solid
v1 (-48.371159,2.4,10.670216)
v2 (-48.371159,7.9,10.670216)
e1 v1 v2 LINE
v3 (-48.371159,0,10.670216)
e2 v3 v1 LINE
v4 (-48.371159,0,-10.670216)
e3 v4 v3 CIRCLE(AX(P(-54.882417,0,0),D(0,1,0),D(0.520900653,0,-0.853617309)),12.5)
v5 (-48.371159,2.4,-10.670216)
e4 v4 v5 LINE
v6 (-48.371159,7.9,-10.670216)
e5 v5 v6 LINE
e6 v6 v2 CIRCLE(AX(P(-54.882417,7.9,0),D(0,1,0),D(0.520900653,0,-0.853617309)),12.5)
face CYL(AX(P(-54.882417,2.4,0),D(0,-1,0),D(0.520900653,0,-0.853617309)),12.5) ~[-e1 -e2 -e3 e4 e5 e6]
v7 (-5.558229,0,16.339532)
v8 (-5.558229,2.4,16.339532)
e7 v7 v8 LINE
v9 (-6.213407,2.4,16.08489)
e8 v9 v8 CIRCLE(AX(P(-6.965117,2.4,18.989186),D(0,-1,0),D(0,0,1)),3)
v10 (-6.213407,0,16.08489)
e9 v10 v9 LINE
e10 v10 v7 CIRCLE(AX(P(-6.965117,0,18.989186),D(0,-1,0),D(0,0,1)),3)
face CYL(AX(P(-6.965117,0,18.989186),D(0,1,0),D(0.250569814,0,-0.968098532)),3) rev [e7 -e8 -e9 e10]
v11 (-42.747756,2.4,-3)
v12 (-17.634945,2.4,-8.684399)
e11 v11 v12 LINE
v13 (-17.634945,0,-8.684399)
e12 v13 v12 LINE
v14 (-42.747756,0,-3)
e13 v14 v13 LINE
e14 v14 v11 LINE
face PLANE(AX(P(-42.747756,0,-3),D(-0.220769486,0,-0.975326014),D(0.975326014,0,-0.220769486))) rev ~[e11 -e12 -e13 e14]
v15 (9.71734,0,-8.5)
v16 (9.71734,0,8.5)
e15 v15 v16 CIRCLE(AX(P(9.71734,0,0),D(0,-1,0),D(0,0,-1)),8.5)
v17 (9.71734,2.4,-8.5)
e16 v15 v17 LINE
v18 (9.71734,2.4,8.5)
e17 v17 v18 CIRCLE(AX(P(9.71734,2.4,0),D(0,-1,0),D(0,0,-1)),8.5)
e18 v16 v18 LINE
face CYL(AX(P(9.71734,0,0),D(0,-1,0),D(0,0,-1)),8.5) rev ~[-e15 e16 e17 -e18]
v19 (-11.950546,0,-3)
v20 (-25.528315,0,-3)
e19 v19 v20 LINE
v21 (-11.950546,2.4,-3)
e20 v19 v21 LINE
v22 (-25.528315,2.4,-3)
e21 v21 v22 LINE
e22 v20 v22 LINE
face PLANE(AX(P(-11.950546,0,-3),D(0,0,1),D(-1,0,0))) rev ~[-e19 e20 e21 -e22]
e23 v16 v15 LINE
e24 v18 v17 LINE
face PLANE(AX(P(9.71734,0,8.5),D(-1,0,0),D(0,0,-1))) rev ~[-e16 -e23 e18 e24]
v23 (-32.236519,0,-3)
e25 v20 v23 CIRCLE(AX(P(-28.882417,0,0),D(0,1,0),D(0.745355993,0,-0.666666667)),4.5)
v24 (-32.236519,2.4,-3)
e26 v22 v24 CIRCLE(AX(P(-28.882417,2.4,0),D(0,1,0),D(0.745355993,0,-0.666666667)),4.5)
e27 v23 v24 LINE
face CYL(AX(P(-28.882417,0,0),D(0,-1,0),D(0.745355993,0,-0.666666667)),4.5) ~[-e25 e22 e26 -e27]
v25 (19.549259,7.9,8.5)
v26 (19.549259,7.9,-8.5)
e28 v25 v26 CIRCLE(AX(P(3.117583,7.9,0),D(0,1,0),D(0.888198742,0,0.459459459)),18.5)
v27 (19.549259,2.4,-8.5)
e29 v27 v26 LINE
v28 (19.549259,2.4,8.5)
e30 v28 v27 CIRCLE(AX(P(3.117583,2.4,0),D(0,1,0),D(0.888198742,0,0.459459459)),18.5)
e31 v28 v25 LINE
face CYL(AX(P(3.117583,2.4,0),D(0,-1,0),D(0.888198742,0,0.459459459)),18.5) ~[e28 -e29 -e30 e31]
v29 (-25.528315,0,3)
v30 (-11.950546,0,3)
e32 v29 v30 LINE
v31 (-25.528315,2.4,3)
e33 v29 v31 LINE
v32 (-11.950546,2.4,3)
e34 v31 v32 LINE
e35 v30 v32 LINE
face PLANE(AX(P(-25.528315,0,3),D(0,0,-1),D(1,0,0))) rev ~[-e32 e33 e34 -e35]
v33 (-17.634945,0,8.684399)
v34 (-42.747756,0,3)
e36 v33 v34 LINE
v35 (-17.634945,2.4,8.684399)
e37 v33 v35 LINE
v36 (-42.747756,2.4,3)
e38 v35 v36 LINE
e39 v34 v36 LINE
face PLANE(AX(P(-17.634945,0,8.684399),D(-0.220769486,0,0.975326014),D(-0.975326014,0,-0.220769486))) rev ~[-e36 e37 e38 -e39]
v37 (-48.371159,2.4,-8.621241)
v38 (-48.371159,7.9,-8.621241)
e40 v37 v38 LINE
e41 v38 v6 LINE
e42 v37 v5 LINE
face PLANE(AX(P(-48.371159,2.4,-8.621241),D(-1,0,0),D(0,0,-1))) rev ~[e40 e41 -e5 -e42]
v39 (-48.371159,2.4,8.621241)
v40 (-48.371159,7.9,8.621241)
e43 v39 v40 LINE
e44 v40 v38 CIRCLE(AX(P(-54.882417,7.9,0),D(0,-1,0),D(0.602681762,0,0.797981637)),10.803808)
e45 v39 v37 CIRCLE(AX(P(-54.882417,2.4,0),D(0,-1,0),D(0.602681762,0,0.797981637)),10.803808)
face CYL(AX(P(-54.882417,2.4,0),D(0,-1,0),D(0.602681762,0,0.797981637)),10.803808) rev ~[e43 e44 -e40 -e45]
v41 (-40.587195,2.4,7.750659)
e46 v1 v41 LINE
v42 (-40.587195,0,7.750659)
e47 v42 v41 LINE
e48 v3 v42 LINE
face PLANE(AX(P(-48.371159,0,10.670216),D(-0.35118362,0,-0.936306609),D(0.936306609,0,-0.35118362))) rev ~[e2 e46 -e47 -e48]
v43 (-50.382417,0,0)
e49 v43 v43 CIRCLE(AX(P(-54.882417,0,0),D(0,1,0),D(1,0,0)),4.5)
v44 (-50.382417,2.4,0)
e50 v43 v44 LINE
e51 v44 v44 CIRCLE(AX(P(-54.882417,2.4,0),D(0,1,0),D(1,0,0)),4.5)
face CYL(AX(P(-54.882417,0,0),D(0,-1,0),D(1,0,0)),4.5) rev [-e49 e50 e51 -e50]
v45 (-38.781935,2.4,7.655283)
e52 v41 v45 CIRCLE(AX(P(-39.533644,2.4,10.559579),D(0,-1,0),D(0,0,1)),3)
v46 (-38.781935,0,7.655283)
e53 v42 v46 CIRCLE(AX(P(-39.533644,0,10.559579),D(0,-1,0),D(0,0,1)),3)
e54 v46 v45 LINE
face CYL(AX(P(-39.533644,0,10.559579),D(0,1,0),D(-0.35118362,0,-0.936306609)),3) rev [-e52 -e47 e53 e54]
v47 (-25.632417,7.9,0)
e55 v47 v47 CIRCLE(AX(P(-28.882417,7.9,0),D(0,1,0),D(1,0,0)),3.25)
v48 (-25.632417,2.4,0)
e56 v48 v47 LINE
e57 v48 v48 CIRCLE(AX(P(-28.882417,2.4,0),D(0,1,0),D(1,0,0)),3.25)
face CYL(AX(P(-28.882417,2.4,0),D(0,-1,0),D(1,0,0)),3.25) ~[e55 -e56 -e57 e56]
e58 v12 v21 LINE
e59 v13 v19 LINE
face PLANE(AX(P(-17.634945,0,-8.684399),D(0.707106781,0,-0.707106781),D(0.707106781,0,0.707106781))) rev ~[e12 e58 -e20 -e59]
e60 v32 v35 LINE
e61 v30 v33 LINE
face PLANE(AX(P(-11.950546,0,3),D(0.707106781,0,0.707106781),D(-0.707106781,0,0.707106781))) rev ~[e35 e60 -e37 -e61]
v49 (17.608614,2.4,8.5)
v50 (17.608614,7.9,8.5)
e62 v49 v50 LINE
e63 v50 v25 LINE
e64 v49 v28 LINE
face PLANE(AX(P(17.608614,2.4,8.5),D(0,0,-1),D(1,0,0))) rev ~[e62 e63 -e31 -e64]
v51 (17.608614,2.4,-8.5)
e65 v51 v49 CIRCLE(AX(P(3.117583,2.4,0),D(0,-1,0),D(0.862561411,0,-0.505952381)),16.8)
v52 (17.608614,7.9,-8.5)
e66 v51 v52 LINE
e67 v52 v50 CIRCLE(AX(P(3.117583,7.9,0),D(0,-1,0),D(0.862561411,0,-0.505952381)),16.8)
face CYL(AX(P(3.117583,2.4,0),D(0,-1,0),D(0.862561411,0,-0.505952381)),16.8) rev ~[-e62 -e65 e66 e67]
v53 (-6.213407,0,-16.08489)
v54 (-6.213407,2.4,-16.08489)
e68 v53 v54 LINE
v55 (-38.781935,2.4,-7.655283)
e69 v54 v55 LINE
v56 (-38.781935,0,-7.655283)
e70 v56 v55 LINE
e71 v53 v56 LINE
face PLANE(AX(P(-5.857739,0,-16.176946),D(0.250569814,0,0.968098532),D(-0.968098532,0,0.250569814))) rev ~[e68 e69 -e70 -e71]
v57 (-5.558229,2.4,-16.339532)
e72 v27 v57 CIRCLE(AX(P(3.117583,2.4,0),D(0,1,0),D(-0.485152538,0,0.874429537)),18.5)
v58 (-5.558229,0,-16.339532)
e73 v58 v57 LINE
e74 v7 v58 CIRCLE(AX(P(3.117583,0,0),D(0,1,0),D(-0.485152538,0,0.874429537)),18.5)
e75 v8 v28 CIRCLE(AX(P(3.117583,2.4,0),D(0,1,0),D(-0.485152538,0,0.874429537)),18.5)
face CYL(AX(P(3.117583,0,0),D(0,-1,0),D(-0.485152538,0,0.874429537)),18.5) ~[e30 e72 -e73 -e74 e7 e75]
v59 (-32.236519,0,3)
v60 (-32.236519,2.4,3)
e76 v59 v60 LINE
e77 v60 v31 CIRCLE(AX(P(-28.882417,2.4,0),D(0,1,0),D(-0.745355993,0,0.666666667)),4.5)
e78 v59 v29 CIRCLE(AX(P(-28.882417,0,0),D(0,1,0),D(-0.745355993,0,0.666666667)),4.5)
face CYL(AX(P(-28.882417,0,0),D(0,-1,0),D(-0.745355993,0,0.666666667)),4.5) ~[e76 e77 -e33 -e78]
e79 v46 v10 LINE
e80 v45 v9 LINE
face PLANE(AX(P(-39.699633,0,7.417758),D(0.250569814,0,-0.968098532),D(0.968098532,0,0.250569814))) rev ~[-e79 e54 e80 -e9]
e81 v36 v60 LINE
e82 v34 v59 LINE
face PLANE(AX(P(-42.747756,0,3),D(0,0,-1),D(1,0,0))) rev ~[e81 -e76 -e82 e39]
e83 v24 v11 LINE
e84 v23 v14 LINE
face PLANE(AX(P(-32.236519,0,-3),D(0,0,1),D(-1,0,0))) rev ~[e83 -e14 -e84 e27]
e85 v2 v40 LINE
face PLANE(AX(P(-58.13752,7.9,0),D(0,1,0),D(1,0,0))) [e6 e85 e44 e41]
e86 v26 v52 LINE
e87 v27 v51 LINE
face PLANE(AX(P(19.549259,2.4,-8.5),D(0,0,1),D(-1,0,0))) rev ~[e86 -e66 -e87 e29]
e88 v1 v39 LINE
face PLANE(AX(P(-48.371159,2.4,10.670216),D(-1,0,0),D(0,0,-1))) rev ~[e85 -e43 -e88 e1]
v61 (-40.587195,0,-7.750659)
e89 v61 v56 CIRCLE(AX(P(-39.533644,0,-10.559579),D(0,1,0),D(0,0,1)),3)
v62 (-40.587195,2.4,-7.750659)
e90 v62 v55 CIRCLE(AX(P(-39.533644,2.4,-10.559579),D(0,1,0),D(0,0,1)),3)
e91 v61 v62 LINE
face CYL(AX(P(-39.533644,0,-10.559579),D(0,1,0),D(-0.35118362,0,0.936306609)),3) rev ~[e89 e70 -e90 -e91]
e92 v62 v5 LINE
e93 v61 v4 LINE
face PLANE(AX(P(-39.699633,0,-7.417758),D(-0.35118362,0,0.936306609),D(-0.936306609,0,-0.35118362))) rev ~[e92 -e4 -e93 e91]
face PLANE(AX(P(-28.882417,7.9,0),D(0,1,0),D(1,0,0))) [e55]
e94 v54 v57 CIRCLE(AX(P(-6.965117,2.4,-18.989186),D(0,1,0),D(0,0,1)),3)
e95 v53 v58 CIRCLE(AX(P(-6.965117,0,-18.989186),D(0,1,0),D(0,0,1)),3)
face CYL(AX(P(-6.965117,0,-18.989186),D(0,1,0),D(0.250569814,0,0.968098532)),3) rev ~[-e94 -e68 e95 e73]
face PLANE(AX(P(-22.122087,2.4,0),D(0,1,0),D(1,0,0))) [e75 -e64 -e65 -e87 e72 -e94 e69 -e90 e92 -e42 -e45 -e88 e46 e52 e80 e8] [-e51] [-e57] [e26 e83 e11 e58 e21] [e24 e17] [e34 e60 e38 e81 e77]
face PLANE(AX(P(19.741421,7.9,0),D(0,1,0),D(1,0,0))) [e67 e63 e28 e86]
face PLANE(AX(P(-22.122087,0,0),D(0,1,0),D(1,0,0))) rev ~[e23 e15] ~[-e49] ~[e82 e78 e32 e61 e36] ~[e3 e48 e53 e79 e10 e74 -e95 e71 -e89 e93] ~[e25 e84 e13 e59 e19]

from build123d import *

# Parameters (mm, degrees)
SKETCH1_R           = 4.5
BOSS_EXTRUDE1_DEPTH = 2.4
FILLET1_R           = 3
SKETCH2_R           = 3.25
BOSS_EXTRUDE2_DEPTH = 5.5


with BuildPart() as part:
    # Sketch1 → Boss-Extrude1 (new body)
    with BuildSketch(Plane(origin=(0, 0, 0), x_dir=(1, 0, 0), z_dir=(0, 1, 0))):
        with BuildLine():
            ThreePointArc((-48.371159118, 10.670216357), (-67.382417284, 0), (-48.371159118, -10.670216357))
            Line((-48.371159118, -10.670216357), (-39.699633202, -7.41775842))
            Line((-39.699633202, -7.41775842), (-5.857739229, -16.176946436))
            ThreePointArc((-5.857739229, -16.176946436), (21.617582716, 0), (-5.857739229, 16.176946436))
            Line((-5.857739229, 16.176946436), (-39.699633202, 7.41775842))
            Line((-39.699633202, 7.41775842), (-48.371159118, 10.670216357))
        make_face()
        with BuildLine():
            Line((-11.950545902, 3), (-25.528315318, 3))
            ThreePointArc((-25.528315318, 3), (-28.882417284, 4.5), (-32.23651925, 3))
            Line((-32.23651925, 3), (-42.747756184, 3))
            Line((-42.747756184, 3), (-17.634945081, 8.68439918))
            Line((-17.634945081, 8.68439918), (-11.950545902, 3))
        make_face(mode=Mode.SUBTRACT)
        with BuildLine():
            Line((9.717339795, -8.5), (9.717339795, 8.5))
            ThreePointArc((9.717339795, 8.5), (18.217339795, 0), (9.717339795, -8.5))
        make_face(mode=Mode.SUBTRACT)
        with BuildLine():
            Line((-42.747756184, -3), (-32.23651925, -3))
            ThreePointArc((-32.23651925, -3), (-28.882417284, -4.5), (-25.528315318, -3))
            Line((-25.528315318, -3), (-11.950545902, -3))
            Line((-11.950545902, -3), (-17.634945081, -8.68439918))
            Line((-17.634945081, -8.68439918), (-42.747756184, -3))
        make_face(mode=Mode.SUBTRACT)
        with Locations((-54.882417284, 0)):
            Circle(SKETCH1_R, mode=Mode.SUBTRACT)
    extrude(amount=BOSS_EXTRUDE1_DEPTH)

    # Fillet1
    fillet1_edges = [part.edges().sort_by_distance(p)[0] for p in [
        (-39.699633202, 1.2, -7.41775842),
        (-5.857739229, 1.2, -16.176946436),
        (-5.857739229, 1.2, 16.176946436),
        (-39.699633202, 1.2, 7.41775842),
    ]]
    fillet(fillet1_edges, radius=FILLET1_R)

    # Sketch2 → Boss-Extrude2 (add)
    with BuildSketch(Plane(origin=(0, 2.4, 0), x_dir=(1, 0, 0), z_dir=(0, 1, 0))):
        with Locations((-28.882417284, 0)):
            Circle(SKETCH2_R)
        with BuildLine():
            Line((-48.371159118, 8.621240559), (-48.371159118, 10.670216357))
            ThreePointArc((-48.371159118, 10.670216357), (-67.382417284, 0), (-48.371159118, -10.670216357))
            Line((-48.371159118, -10.670216357), (-48.371159118, -8.621240559))
            ThreePointArc((-48.371159118, -8.621240559), (-65.686225486, 0), (-48.371159118, 8.621240559))
        make_face()
        with BuildLine():
            Line((19.549259441, 8.5), (17.608614425, 8.5))
            ThreePointArc((17.608614425, 8.5), (19.917582716, 0), (17.608614425, -8.5))
            Line((17.608614425, -8.5), (19.549259441, -8.5))
            ThreePointArc((19.549259441, -8.5), (21.617582716, 0), (19.549259441, 8.5))
        make_face()
    extrude(amount=BOSS_EXTRUDE2_DEPTH)


solid = part.part
